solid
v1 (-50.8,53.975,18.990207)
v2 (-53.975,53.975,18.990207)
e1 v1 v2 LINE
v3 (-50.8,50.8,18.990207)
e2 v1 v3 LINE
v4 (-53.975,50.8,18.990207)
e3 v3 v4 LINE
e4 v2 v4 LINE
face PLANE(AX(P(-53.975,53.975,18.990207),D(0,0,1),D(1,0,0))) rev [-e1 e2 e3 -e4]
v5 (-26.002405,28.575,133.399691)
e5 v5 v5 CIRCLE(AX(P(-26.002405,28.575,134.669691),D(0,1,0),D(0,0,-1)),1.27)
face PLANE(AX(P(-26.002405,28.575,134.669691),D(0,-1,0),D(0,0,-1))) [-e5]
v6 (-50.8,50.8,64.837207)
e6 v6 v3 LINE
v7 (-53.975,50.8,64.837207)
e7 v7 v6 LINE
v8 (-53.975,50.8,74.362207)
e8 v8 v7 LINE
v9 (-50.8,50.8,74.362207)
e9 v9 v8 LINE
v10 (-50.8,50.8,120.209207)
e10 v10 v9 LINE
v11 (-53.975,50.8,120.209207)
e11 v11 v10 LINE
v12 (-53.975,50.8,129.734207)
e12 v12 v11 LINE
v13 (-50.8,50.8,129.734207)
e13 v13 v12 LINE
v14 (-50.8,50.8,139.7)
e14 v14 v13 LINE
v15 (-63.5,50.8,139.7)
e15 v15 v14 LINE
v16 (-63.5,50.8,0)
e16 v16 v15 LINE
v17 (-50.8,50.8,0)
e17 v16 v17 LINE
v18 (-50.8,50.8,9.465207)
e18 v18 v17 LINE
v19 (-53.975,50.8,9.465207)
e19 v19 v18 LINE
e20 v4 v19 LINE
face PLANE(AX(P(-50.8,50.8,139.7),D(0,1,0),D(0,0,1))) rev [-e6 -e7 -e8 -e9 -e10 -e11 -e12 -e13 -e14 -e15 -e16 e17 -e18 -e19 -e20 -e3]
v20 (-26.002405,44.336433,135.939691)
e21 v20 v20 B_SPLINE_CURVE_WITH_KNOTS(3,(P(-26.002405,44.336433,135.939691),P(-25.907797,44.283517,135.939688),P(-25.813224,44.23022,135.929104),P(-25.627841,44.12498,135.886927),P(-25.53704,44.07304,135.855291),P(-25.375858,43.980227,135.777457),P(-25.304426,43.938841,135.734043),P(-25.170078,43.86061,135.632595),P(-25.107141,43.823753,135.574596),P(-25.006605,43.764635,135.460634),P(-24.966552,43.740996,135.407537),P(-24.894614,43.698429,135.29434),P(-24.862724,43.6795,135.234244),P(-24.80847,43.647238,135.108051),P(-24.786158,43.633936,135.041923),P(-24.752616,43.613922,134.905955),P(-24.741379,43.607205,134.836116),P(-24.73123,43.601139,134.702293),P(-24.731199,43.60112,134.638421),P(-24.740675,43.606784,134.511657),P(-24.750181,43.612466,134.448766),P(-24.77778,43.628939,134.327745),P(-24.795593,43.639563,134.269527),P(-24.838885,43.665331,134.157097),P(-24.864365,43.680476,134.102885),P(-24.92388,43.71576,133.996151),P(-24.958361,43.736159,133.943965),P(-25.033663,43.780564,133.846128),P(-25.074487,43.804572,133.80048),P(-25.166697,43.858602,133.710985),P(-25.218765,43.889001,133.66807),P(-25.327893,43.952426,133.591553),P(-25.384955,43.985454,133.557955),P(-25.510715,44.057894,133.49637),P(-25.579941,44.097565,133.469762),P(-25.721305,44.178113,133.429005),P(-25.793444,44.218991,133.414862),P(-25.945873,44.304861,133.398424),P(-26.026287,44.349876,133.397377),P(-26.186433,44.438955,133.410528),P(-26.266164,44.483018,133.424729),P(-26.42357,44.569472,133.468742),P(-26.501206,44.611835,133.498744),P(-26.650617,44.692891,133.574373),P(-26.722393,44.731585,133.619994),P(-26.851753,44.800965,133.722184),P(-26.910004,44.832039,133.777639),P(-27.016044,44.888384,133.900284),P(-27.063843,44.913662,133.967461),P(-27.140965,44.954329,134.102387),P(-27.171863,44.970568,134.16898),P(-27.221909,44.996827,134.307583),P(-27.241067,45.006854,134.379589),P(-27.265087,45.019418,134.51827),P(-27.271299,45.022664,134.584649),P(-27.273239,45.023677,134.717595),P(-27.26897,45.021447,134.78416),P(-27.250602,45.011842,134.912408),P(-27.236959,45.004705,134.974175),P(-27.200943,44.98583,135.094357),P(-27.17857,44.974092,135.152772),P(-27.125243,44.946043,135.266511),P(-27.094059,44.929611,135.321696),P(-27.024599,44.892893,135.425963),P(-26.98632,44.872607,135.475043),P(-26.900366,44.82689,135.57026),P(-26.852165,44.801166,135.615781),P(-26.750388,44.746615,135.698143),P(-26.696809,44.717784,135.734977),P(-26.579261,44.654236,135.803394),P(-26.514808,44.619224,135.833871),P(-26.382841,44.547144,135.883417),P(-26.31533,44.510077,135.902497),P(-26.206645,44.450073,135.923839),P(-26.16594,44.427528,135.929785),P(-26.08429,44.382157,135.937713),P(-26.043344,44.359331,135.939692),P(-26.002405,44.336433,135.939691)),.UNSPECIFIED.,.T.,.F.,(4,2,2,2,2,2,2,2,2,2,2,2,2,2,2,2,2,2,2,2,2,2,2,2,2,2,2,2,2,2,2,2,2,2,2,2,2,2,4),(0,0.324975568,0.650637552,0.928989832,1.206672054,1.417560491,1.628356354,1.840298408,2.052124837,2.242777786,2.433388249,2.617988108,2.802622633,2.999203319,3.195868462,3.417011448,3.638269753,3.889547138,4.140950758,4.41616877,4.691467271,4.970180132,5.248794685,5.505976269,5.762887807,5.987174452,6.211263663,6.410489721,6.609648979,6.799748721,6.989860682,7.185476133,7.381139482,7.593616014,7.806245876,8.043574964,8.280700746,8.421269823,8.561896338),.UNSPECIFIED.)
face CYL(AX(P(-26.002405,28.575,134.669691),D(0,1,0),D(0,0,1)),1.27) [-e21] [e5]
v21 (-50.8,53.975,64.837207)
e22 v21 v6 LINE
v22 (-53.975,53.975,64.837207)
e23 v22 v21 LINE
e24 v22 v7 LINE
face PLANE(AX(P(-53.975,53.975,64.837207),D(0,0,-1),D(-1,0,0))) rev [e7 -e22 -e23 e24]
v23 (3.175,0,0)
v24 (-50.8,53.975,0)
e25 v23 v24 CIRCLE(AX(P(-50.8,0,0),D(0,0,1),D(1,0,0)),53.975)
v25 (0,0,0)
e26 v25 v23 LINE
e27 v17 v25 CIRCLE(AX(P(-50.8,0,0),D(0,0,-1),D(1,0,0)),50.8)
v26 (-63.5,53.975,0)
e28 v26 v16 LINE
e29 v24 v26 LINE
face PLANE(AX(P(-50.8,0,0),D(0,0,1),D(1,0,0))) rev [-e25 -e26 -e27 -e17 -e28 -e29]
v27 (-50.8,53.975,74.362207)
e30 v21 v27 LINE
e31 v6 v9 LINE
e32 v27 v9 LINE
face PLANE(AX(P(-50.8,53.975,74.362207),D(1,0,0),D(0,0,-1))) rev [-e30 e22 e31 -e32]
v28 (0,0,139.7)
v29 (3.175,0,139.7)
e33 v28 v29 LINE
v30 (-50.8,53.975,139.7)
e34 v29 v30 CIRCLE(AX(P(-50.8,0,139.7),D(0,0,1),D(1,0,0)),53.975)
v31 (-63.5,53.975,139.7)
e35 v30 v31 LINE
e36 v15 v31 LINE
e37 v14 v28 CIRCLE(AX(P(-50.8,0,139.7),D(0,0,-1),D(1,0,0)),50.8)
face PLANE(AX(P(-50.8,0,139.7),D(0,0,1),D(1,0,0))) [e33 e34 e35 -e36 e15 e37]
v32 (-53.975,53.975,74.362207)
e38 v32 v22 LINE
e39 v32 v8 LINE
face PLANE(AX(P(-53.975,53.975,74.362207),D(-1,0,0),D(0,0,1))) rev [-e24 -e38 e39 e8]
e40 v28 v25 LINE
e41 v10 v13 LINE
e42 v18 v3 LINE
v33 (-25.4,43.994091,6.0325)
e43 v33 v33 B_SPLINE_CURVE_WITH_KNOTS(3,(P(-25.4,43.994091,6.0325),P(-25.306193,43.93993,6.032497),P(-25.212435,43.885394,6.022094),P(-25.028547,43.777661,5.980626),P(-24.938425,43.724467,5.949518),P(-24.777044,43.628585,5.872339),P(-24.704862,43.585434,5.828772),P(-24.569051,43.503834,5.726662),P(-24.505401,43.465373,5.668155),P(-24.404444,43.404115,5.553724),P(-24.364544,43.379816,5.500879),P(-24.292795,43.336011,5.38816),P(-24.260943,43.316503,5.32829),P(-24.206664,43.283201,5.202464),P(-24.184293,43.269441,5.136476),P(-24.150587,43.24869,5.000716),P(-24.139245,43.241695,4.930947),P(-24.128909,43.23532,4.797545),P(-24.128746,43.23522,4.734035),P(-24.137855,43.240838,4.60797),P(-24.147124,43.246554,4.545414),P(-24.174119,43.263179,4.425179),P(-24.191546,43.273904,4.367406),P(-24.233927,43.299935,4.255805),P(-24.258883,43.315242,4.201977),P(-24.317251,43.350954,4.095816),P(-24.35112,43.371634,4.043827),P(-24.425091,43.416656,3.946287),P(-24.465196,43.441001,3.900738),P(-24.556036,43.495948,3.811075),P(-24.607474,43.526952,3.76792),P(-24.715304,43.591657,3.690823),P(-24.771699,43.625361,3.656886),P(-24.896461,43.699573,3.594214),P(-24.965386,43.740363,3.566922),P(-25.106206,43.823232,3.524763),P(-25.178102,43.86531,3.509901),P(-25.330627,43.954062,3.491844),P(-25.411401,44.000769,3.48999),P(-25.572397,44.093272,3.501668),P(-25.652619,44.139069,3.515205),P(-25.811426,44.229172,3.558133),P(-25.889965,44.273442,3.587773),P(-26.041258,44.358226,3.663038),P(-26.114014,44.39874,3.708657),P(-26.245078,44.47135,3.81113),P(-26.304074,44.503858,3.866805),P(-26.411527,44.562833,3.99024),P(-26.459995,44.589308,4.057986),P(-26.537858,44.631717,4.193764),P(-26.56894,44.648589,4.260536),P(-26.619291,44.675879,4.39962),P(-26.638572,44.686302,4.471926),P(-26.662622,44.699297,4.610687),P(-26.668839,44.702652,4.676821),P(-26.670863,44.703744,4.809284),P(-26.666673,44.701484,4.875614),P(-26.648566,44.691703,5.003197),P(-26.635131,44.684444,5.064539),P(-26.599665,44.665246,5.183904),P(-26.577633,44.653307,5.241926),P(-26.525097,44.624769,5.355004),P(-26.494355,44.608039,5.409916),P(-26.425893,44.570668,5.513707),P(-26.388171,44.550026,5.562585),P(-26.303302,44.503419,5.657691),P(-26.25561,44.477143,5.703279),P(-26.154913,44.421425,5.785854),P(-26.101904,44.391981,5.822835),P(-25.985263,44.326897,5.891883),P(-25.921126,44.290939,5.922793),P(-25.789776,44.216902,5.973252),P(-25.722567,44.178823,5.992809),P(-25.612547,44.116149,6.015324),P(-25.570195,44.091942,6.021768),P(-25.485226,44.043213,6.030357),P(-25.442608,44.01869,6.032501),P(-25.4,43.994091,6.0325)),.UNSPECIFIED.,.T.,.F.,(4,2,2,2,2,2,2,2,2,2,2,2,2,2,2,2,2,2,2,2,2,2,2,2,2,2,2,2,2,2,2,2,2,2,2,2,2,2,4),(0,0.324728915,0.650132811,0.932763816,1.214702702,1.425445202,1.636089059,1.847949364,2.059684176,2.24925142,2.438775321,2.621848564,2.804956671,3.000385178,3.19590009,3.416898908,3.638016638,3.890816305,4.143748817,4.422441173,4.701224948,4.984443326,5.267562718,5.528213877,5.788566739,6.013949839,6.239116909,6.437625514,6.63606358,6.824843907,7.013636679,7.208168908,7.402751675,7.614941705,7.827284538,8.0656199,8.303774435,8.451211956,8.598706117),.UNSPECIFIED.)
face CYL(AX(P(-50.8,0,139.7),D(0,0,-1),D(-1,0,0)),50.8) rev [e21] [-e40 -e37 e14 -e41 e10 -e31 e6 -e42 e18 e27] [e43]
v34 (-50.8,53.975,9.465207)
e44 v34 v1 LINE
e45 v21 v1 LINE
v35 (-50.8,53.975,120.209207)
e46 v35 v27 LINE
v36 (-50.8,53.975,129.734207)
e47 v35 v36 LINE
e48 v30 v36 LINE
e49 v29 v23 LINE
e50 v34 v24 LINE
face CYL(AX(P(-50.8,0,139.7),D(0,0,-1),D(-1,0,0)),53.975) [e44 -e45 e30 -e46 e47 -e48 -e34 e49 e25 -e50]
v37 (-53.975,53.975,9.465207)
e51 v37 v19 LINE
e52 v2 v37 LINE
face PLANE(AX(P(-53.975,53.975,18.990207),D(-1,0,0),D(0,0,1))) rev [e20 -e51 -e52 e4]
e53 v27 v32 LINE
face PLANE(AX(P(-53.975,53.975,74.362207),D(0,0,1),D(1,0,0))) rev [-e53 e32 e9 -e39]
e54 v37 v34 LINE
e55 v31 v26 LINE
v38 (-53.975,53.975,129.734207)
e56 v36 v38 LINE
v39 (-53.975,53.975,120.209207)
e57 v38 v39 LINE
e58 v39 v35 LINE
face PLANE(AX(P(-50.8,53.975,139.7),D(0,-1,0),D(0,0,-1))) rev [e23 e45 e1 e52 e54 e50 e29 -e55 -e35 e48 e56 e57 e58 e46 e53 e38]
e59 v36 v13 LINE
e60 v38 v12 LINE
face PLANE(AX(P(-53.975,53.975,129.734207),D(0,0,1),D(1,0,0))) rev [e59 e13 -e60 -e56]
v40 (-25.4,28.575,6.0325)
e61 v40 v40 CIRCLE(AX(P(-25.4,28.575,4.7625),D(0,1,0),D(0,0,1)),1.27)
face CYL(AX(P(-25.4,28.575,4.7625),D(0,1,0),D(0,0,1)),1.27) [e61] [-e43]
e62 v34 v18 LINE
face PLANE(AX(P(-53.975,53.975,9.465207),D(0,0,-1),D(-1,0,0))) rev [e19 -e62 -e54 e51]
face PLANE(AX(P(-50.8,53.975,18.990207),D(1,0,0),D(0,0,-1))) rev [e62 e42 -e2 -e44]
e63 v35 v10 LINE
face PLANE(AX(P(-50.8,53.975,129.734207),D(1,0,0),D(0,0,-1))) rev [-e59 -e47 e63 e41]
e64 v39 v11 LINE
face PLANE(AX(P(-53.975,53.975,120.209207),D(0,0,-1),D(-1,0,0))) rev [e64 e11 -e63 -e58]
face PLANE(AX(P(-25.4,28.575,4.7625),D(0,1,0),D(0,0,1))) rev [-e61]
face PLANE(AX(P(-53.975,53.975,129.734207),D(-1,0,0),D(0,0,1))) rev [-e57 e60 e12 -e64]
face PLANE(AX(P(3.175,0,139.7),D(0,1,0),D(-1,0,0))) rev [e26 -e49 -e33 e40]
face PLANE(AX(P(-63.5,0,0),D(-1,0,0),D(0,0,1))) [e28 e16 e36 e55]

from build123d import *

# Parameters (mm, degrees)
BOSS_EXTRUDE1_DEPTH = 139.7
SKETCH3_W           = 139.7
SKETCH3_H           = 3.175
BOSS_EXTRUDE2_DEPTH = 3.175
SKETCH4_W           = 3.175
SKETCH4_H           = 9.525
CUT_EXTRUDE1_DEPTH  = 162.644610179
LPATTERN1_COUNT     = 3
LPATTERN1_PITCH     = 55.372
SKETCH5_R           = 1.27
BOSS_EXTRUDE3_DEPTH = 25.4
CUT_EXTRUDE2_DEPTH  = 163.670343529


with BuildPart() as part:
    # Sketch2 → Boss-Extrude1 (new body)
    with BuildSketch(Plane.XY):
        with BuildLine():
            Line((-50.8, 50.8), (-60.325, 50.8))
            Line((-60.325, 50.8), (-60.325, 53.975))
            Line((-60.325, 53.975), (-50.8, 53.975))
            ThreePointArc((-50.8, 53.975), (-12.633911485, 38.166088515), (3.175, 0))
            Line((3.175, 0), (0, 0))
            ThreePointArc((0, 0), (-14.878975516, 35.921024484), (-50.8, 50.8))
        make_face()
    extrude(amount=BOSS_EXTRUDE1_DEPTH)

    # Sketch3 → Boss-Extrude2 (add)
    with BuildSketch(Plane.ZY.offset(60.325)):
        with Locations((69.85, 52.3875)):
            Rectangle(SKETCH3_W, SKETCH3_H)
    extrude(amount=BOSS_EXTRUDE2_DEPTH)

    # Sketch4 → Cut-Extrude1 (cut, through all)
    with BuildSketch(Plane.XZ.offset(-50.8)):
        with Locations((-52.3875, 124.971707481)):
            Rectangle(SKETCH4_W, SKETCH4_H)
    cut_extrude1 = extrude(amount=-CUT_EXTRUDE1_DEPTH, mode=Mode.SUBTRACT)

    # LPattern1: Cut-Extrude1 ×3
    with Locations(*[(0, 0, -i * LPATTERN1_PITCH) for i in range(1, LPATTERN1_COUNT)]):
        add(cut_extrude1, mode=Mode.SUBTRACT)

    # Sketch5 → Boss-Extrude3 (add)
    with BuildSketch(Plane(origin=(0, 53.975, 0), x_dir=(1, 0, 0), z_dir=(0, 1, 0))):
        with Locations(Location((-25.4, -4.7625, 0), (0, 0, 270))):
            Circle(SKETCH5_R)
        with Locations(Location((-26.00240478, -134.669690924, 0), (0, 0, 270))):
            Circle(SKETCH5_R)
    extrude(amount=-BOSS_EXTRUDE3_DEPTH)

    # Sketch6 → Cut-Extrude2 (cut, through all)
    with BuildSketch(Plane.XY.offset(139.7)):
        with BuildLine():
            ThreePointArc((-50.8, 53.975), (-12.633911485, 38.166088515), (3.175, 0))
            ThreePointArc((3.175, 0), (10.303147702, 61.103147702), (-50.8, 53.975))
        make_face()
    extrude(amount=-CUT_EXTRUDE2_DEPTH, mode=Mode.SUBTRACT)


solid = part.part
